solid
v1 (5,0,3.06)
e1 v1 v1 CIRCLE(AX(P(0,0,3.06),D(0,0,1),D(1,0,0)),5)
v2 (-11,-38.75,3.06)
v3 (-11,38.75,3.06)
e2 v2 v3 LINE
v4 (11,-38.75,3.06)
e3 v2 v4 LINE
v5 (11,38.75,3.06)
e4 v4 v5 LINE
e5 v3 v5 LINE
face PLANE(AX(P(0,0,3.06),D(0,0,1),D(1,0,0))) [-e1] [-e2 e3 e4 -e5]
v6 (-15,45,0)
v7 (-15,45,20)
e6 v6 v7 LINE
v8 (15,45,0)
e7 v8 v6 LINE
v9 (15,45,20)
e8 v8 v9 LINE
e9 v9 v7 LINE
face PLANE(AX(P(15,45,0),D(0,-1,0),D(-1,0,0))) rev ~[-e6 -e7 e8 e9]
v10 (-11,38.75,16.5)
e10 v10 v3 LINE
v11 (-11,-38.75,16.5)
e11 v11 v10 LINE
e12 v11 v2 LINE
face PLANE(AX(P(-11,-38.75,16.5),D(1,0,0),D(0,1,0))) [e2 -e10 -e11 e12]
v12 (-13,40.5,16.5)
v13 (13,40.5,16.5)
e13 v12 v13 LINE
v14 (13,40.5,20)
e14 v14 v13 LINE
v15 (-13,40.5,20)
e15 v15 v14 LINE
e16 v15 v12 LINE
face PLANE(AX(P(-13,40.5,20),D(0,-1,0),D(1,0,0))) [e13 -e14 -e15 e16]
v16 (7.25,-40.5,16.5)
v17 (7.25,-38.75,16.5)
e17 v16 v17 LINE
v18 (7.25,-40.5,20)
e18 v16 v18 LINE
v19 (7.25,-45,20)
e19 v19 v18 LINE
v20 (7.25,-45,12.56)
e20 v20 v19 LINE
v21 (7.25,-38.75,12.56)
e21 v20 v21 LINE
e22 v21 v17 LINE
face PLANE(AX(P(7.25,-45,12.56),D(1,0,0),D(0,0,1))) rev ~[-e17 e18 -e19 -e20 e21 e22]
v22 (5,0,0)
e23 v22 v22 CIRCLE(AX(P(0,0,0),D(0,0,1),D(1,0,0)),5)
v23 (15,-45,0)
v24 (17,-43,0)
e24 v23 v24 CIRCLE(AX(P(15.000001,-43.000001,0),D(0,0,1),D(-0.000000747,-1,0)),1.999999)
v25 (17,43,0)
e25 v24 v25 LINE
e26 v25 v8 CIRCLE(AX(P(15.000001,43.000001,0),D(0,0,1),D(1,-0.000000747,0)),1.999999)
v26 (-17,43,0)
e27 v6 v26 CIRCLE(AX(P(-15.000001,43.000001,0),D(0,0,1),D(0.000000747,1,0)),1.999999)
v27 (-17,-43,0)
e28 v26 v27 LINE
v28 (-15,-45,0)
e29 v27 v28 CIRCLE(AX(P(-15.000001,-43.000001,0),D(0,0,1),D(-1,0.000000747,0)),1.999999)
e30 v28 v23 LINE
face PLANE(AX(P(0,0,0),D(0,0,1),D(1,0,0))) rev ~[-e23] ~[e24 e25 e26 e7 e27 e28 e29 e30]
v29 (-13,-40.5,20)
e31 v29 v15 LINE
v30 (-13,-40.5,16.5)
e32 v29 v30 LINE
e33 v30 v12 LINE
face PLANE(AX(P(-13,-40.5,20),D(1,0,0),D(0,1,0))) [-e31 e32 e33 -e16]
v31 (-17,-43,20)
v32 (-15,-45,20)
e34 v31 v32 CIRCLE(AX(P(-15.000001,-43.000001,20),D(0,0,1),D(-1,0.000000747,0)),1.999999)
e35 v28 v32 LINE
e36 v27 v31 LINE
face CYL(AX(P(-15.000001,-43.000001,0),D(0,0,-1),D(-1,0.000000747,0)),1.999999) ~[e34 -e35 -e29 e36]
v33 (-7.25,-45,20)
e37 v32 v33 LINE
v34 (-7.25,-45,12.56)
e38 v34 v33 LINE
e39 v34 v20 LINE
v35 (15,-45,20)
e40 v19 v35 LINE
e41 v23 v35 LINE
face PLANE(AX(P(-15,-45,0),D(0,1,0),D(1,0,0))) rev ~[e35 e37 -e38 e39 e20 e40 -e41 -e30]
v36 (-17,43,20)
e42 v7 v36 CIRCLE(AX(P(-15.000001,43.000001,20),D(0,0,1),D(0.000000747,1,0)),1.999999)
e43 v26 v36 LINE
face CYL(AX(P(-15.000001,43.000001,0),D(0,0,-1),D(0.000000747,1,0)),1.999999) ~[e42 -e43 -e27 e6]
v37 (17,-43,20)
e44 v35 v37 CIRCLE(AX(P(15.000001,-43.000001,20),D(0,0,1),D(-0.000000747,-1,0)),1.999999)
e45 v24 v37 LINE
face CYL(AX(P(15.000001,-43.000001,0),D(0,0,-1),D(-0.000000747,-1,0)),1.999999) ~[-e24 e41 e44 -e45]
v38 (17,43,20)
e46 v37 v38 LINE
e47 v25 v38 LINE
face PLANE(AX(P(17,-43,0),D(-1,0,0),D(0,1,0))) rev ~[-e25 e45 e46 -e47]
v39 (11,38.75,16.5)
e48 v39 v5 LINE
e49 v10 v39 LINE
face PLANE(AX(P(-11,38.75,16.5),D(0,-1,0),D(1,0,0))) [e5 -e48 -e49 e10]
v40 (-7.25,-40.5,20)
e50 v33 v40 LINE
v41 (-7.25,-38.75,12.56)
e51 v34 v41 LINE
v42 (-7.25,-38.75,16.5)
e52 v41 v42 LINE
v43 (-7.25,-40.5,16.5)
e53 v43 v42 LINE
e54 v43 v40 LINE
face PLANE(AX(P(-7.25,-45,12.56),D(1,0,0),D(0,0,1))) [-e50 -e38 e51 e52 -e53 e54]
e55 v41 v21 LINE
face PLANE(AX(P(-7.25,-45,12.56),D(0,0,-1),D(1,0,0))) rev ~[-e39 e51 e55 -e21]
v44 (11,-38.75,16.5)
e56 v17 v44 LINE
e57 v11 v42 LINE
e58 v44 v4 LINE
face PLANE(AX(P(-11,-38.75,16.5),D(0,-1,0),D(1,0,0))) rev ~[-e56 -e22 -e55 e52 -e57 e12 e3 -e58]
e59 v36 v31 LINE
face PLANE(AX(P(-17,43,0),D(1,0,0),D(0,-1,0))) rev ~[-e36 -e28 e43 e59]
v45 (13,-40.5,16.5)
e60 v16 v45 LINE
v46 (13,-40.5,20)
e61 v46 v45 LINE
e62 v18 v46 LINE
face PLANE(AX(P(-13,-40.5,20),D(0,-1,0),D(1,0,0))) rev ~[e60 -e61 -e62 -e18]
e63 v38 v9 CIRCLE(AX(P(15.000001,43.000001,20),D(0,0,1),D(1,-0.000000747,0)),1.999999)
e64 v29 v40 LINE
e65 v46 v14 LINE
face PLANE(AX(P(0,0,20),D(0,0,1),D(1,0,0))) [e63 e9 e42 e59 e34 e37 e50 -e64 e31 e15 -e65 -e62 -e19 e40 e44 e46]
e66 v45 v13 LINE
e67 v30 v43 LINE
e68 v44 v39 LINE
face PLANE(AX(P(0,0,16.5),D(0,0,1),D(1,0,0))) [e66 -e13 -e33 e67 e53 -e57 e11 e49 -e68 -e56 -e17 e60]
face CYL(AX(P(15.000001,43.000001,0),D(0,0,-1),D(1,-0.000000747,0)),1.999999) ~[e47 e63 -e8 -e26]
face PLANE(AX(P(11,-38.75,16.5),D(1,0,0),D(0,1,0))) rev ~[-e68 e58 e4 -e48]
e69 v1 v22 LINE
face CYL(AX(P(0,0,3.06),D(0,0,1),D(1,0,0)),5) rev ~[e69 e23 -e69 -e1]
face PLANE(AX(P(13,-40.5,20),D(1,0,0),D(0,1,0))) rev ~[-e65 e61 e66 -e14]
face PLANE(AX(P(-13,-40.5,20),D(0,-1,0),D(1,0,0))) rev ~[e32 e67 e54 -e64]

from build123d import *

# Parameters (mm, degrees)
PAD_DEPTH       = 20
SKETCH001_W     = 26
SKETCH001_H     = 81
POCKET_DEPTH    = 3.5
SKETCH002_W     = 22
SKETCH002_H     = 77.5
POCKET001_DEPTH = 13.44
SKETCH003_W     = 14.5
SKETCH003_H     = 7.44
POCKET002_DEPTH = 45
SKETCH004_R     = 5
POCKET003_DEPTH = 3.061


with BuildPart() as part:
    # Sketch → Pad (new body)
    with BuildSketch(Plane.XY):
        with BuildLine():
            Line((-17, 43), (-17, -43))
            ThreePointArc((-17, -43), (-16.414214, -44.414214), (-15, -45))
            Line((-15, -45), (15, -45))
            ThreePointArc((15, -45), (16.414214, -44.414214), (17, -43))
            Line((17, -43), (17, 43))
            ThreePointArc((17, 43), (16.414214, 44.414214), (15, 45))
            Line((15, 45), (-15, 45))
            ThreePointArc((-15, 45), (-16.414214, 44.414214), (-17, 43))
        make_face()
    extrude(amount=PAD_DEPTH)

    # Sketch001 (on Face10 of Pad) → Pocket (cut)
    with BuildSketch(Plane.XY.offset(20)):
        Rectangle(SKETCH001_W, SKETCH001_H)
    extrude(amount=-POCKET_DEPTH, mode=Mode.SUBTRACT)

    # Sketch002 (on Face15 of Pocket) → Pocket001 (cut)
    with BuildSketch(Plane.XY.offset(16.5)):
        Rectangle(SKETCH002_W, SKETCH002_H)
    extrude(amount=-POCKET001_DEPTH, mode=Mode.SUBTRACT)

    # Sketch003 (on Face7 of Pocket001) → Pocket002 (cut)
    with BuildSketch(Plane.XZ.offset(45)):
        with Locations((0, 16.28)):
            Rectangle(SKETCH003_W, SKETCH003_H)
    extrude(amount=-POCKET002_DEPTH, mode=Mode.SUBTRACT)

    # Sketch004 (on Face24 of Pocket002) → Pocket003 (cut, through all)
    with BuildSketch(Plane.XY.offset(3.06)):
        Circle(SKETCH004_R)
    extrude(amount=-POCKET003_DEPTH, mode=Mode.SUBTRACT)


solid = part.part
